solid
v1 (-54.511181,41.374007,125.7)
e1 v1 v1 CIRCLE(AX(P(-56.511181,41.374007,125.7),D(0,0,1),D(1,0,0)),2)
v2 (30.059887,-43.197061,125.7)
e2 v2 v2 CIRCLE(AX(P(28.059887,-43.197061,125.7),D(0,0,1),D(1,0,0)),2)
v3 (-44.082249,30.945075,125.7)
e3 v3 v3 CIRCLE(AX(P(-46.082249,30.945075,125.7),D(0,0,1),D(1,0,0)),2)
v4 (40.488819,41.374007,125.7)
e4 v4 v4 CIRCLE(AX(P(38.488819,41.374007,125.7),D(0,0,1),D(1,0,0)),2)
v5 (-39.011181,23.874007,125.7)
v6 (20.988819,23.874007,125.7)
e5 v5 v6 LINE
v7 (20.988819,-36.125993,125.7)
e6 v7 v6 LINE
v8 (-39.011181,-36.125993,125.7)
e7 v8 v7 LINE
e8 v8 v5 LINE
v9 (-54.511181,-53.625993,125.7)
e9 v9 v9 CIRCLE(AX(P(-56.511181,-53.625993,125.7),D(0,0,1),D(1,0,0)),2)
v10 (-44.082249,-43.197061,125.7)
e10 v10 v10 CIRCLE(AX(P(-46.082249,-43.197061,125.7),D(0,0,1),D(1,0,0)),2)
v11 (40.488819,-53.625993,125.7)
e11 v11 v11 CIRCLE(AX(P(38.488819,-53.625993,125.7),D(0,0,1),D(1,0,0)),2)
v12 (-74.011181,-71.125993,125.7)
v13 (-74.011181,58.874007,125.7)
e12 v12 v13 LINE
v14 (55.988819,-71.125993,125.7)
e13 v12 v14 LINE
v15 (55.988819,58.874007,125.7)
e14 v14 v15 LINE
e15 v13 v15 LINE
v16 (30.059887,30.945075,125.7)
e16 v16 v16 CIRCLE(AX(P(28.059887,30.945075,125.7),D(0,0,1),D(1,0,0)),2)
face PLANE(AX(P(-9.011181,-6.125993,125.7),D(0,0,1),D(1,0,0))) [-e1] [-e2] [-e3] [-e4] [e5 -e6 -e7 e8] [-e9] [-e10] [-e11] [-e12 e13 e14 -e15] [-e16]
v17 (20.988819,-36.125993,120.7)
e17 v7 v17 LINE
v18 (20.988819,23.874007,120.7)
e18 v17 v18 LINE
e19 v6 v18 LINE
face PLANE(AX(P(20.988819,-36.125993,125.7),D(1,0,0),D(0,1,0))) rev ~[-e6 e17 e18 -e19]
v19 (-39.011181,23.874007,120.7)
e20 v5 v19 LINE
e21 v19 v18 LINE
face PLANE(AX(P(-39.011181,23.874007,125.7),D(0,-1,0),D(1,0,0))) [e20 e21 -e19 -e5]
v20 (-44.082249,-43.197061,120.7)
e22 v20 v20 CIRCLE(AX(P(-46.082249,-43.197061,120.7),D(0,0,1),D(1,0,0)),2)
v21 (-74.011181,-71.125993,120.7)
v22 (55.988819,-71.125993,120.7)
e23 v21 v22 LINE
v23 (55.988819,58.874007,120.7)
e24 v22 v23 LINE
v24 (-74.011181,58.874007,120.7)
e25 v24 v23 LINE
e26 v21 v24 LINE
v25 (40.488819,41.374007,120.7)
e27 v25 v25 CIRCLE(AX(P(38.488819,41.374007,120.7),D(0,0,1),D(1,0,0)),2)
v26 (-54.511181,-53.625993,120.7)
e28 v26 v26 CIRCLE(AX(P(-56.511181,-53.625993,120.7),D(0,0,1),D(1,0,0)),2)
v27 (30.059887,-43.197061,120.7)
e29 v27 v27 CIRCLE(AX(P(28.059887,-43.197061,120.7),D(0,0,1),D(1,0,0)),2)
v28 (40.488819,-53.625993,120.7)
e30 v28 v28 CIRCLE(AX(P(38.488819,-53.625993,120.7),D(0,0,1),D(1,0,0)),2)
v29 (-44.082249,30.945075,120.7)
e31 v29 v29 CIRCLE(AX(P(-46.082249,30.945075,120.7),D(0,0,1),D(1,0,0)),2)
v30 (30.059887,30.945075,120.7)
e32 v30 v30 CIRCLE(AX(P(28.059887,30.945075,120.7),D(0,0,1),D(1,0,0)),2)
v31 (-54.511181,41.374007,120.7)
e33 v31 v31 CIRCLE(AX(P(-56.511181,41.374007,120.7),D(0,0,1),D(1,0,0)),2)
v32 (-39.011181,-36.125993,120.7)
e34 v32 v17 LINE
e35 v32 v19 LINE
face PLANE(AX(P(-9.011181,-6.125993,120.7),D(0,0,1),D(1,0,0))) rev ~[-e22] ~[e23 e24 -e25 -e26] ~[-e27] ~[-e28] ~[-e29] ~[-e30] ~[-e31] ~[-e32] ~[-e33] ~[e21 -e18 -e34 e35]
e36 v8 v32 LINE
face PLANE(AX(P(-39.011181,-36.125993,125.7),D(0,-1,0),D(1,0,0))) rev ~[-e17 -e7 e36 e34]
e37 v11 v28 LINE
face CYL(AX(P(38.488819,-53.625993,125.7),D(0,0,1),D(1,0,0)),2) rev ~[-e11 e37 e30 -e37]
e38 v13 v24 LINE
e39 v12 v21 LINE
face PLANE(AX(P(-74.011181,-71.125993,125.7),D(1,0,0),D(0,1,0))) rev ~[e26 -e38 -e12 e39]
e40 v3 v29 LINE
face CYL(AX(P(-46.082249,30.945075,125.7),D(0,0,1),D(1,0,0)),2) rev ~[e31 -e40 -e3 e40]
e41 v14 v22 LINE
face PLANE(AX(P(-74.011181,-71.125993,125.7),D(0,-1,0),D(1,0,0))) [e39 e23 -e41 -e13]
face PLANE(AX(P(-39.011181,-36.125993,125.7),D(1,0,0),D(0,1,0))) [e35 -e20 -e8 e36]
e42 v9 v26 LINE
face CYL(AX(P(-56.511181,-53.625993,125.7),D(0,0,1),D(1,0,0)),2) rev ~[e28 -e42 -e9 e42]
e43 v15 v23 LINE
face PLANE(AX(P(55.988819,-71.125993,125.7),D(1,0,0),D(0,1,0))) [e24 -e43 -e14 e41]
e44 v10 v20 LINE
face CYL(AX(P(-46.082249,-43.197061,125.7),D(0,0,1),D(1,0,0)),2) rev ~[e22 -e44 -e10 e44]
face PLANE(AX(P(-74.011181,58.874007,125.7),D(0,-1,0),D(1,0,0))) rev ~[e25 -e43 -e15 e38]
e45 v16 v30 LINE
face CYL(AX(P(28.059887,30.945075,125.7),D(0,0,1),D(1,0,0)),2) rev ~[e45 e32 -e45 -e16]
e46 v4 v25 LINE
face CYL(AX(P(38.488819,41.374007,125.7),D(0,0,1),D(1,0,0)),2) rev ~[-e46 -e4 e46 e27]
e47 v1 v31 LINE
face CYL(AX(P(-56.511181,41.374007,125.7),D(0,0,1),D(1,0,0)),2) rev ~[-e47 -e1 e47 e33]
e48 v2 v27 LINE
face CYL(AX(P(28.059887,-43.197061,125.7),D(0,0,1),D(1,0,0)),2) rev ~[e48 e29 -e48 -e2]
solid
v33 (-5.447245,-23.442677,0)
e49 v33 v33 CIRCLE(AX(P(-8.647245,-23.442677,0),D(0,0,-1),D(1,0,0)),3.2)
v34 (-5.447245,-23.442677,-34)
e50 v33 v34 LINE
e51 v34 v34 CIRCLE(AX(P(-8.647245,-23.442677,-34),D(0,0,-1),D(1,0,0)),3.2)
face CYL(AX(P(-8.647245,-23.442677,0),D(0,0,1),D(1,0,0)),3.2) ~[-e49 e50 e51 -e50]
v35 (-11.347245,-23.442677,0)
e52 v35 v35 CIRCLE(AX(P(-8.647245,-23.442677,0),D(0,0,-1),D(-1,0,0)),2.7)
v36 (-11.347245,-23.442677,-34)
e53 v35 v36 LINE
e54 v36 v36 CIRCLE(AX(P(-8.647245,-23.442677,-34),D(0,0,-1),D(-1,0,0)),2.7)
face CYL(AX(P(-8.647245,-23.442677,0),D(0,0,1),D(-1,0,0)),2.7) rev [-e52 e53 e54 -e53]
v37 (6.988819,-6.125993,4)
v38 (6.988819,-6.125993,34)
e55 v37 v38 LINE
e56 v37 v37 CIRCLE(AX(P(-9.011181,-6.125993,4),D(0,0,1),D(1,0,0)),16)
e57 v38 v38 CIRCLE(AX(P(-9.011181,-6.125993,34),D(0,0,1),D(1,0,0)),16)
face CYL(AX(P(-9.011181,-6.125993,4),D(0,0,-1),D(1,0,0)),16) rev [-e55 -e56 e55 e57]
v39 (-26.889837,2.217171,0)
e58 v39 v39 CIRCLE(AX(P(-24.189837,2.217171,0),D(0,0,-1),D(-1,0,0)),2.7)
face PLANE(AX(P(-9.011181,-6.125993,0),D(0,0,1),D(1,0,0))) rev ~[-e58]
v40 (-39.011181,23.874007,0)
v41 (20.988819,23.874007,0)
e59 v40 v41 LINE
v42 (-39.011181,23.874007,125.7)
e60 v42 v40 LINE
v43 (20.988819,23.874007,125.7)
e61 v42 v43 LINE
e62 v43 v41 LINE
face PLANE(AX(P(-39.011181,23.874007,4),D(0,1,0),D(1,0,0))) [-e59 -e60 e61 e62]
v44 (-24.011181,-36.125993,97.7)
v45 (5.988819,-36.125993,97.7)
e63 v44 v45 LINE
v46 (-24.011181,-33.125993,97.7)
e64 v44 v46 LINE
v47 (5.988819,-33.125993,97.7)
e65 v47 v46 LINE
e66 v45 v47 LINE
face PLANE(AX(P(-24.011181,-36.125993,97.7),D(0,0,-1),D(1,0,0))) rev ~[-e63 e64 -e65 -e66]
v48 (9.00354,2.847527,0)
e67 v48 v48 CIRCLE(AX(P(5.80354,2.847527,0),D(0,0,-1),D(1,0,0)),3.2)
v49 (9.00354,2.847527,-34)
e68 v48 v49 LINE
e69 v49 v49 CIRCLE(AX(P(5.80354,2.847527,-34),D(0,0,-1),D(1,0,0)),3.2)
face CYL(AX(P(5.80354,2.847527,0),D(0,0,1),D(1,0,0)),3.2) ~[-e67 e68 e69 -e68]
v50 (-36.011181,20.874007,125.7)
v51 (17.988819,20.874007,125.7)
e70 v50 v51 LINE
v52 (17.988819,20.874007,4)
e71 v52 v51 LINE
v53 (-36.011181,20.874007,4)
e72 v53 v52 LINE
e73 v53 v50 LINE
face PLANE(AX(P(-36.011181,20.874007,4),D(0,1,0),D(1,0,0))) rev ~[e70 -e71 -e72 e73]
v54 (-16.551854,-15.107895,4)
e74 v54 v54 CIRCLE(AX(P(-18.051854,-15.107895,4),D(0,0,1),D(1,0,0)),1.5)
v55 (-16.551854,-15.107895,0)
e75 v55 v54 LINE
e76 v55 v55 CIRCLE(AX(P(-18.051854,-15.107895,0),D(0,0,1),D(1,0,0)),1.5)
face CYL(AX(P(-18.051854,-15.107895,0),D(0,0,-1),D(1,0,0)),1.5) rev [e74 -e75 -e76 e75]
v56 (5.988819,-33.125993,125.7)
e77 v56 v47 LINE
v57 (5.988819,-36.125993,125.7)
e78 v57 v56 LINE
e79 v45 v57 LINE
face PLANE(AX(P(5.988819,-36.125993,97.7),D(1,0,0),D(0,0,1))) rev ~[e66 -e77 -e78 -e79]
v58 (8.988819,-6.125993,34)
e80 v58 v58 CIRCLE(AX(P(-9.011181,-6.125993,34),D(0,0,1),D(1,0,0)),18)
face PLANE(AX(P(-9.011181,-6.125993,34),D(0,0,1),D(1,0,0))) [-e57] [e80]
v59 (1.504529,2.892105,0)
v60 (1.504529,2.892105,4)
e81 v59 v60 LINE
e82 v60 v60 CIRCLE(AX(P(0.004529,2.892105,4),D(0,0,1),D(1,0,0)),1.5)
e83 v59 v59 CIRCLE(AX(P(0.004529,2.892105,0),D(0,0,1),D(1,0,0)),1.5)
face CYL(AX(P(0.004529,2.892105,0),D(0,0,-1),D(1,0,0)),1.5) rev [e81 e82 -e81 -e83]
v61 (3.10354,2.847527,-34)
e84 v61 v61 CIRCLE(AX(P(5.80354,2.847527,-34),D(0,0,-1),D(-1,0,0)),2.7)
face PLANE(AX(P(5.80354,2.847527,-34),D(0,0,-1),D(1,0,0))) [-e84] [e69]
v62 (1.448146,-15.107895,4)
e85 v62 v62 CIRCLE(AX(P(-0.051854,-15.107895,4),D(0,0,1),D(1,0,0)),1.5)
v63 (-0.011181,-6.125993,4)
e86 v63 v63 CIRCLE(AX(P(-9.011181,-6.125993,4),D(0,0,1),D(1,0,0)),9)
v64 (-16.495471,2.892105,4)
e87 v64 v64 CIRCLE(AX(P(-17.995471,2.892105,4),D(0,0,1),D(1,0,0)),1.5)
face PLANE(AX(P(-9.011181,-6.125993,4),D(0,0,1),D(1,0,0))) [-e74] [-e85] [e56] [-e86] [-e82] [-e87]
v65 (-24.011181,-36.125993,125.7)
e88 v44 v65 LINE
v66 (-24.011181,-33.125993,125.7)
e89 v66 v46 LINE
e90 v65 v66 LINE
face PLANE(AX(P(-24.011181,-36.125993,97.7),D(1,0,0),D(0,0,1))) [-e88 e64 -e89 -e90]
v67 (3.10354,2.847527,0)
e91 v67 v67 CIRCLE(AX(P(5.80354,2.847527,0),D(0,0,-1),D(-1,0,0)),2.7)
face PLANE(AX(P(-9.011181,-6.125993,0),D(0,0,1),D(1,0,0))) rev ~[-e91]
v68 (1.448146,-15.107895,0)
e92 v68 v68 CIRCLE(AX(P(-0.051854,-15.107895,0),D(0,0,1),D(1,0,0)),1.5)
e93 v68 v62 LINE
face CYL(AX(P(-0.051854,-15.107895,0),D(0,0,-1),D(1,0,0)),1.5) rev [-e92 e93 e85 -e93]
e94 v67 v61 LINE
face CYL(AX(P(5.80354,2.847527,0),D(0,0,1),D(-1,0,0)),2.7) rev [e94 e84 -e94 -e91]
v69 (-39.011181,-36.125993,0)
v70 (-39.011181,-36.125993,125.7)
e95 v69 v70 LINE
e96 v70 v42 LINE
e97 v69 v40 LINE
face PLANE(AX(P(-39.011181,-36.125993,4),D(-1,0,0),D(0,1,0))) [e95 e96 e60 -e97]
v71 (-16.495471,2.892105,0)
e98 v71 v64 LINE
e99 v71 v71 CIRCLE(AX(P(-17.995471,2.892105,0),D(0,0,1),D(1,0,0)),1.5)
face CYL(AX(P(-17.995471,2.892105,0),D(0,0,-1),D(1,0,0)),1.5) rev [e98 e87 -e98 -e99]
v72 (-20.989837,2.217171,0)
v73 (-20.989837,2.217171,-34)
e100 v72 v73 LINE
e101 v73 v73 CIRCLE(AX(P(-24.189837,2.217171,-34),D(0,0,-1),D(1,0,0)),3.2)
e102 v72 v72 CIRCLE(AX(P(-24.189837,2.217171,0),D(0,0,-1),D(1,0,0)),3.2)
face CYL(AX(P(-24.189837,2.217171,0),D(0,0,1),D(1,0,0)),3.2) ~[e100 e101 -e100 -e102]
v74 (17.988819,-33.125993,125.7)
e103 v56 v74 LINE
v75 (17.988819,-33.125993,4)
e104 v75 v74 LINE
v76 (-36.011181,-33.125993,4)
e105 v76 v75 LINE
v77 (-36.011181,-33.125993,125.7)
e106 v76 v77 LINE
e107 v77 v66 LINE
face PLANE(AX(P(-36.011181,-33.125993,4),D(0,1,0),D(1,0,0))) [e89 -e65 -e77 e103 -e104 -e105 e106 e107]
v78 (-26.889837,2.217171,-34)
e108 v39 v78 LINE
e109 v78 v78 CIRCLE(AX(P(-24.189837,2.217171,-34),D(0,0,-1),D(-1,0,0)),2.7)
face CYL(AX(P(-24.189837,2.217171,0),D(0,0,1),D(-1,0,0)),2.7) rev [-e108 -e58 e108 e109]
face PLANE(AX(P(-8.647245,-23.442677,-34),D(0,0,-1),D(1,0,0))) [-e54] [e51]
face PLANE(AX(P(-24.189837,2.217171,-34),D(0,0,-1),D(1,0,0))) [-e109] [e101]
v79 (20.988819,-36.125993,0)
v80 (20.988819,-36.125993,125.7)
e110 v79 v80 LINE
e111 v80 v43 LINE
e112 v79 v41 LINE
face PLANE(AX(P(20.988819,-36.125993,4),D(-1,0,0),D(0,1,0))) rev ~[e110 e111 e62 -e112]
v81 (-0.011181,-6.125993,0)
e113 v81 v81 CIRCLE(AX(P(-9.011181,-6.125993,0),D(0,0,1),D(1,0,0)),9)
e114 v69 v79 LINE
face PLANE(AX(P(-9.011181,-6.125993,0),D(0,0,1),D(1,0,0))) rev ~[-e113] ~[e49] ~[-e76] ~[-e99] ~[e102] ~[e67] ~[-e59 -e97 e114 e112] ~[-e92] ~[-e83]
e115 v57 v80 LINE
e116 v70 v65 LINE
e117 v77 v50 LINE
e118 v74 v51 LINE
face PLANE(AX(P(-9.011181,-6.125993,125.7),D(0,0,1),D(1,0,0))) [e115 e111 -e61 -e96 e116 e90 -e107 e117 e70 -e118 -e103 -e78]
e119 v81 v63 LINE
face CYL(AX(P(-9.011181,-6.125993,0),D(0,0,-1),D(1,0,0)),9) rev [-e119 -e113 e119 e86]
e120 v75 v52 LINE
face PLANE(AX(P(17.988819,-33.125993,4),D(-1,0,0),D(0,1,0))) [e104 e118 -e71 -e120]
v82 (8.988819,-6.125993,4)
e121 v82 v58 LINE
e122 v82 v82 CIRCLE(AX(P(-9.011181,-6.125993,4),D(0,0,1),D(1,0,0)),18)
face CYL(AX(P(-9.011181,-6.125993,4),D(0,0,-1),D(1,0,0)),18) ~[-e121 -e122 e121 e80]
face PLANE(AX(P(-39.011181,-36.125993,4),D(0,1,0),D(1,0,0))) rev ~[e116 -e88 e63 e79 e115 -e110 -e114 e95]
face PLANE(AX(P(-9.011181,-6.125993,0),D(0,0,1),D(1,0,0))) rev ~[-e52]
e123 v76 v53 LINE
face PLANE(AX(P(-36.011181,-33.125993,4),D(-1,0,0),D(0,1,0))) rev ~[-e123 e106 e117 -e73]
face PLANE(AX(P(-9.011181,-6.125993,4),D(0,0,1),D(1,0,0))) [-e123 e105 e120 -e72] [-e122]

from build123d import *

# Parameters (mm, degrees)
SKETCH1_W           = 60
SKETCH1_H           = 60
SKETCH1_R           = 9
SKETCH1_R_2         = 1.5
BOSS_EXTRUDE1_DEPTH = 4
SKETCH2_R           = 18
SKETCH2_R_2         = 16
BOSS_EXTRUDE2_DEPTH = 30
SKETCH4_R           = 3.2
SKETCH4_R_2         = 2.7
BOSS_EXTRUDE6_DEPTH = 34
SKETCH5_W           = 60
SKETCH5_H           = 60
SKETCH5_W_2         = 54
SKETCH5_H_2         = 54
BOSS_EXTRUDE7_DEPTH = 121.7
SKETCH7_W           = 30
SKETCH7_H           = 28
CUT_EXTRUDE1_DEPTH  = 30.7
SKETCH8_W           = 130
SKETCH8_H           = 130
SKETCH8_R           = 2
SKETCH8_W_2         = 60
SKETCH8_H_2         = 60
BOSS_EXTRUDE8_DEPTH = 5


with BuildPart() as part:
    # Sketch1 → Boss-Extrude1 (new body)
    with BuildSketch(Plane.XY):
        with Locations((-9.011180766, -6.125993037)):
            Rectangle(SKETCH1_W, SKETCH1_H)
        with Locations((-9.011180766, -6.125993037)):
            Circle(SKETCH1_R, mode=Mode.SUBTRACT)
        with Locations((-17.995470725, 2.892105033)):
            Circle(SKETCH1_R_2, mode=Mode.SUBTRACT)
        with Locations((-18.051854011, -15.107894967)):
            Circle(SKETCH1_R_2, mode=Mode.SUBTRACT)
        with Locations((0.004529275, 2.892105033)):
            Circle(SKETCH1_R_2, mode=Mode.SUBTRACT)
        with Locations((-0.051854011, -15.107894967)):
            Circle(SKETCH1_R_2, mode=Mode.SUBTRACT)
    extrude(amount=BOSS_EXTRUDE1_DEPTH)

    # Sketch2 → Boss-Extrude2 (add)
    with BuildSketch(Plane.XY.offset(4)):
        with Locations((-9.011180766, -6.125993037)):
            Circle(SKETCH2_R)
        with Locations((-9.011180766, -6.125993037)):
            Circle(SKETCH2_R_2, mode=Mode.SUBTRACT)
    extrude(amount=BOSS_EXTRUDE2_DEPTH)

    # Sketch4 → Boss-Extrude6 (add)
    # profile 1 of 3: a face of its own
    with BuildSketch(Plane(origin=(0, 0, 0), x_dir=(-1, 0, 0), z_dir=(0, 0, -1))):
        with Locations(Location((-5.803539584, 2.84752695, 0), (0, 0, 180))):
            Circle(SKETCH4_R)
        with Locations((-5.803539584, 2.84752695)):
            Circle(SKETCH4_R_2, mode=Mode.SUBTRACT)
    # profile 2 of 3: a face of its own
    with BuildSketch(Plane(origin=(0, 0, 0), x_dir=(-1, 0, 0), z_dir=(0, 0, -1))):
        with Locations(Location((24.189837211, 2.217171142, 0), (0, 0, 180))):
            Circle(SKETCH4_R)
        with Locations((24.189837211, 2.217171142)):
            Circle(SKETCH4_R_2, mode=Mode.SUBTRACT)
    # profile 3 of 3: a face of its own
    with BuildSketch(Plane(origin=(0, 0, 0), x_dir=(-1, 0, 0), z_dir=(0, 0, -1))):
        with Locations(Location((8.64724467, -23.442677204, 0), (0, 0, 180))):
            Circle(SKETCH4_R)
        with Locations((8.64724467, -23.442677204)):
            Circle(SKETCH4_R_2, mode=Mode.SUBTRACT)
    extrude(amount=BOSS_EXTRUDE6_DEPTH)

    # Sketch5 → Boss-Extrude7 (add)
    with BuildSketch(Plane.XY.offset(4)):
        with Locations((-9.011180766, -6.125993037)):
            Rectangle(SKETCH5_W, SKETCH5_H)
        with Locations((-9.011180766, -6.125993037)):
            Rectangle(SKETCH5_W_2, SKETCH5_H_2, mode=Mode.SUBTRACT)
    extrude(amount=BOSS_EXTRUDE7_DEPTH)

    # Sketch7 → Cut-Extrude1 (cut)
    with BuildSketch(Plane.XZ.offset(36.125993037)):
        with Locations((-9.011180766, 111.7)):
            Rectangle(SKETCH7_W, SKETCH7_H)
    extrude(amount=-CUT_EXTRUDE1_DEPTH, mode=Mode.SUBTRACT)


with BuildPart() as body_2:
    # Sketch8 → Boss-Extrude8 (new body)
    with BuildSketch(Plane.XY.offset(125.7)):
        with Locations((-9.011180766, -6.125993037)):
            Rectangle(SKETCH8_W, SKETCH8_H)
        with Locations((-56.511180766, 41.374006963)):
            Circle(SKETCH8_R, mode=Mode.SUBTRACT)
        with Locations((-46.082248578, 30.945074775)):
            Circle(SKETCH8_R, mode=Mode.SUBTRACT)
        with Locations((-9.011180766, -6.125993037)):
            Rectangle(SKETCH8_W_2, SKETCH8_H_2, mode=Mode.SUBTRACT)
        with Locations((28.059887046, -43.197060849)):
            Circle(SKETCH8_R, mode=Mode.SUBTRACT)
        with Locations((38.488819234, -53.625993037)):
            Circle(SKETCH8_R, mode=Mode.SUBTRACT)
        with Locations((-56.511180766, -53.625993037)):
            Circle(SKETCH8_R, mode=Mode.SUBTRACT)
        with Locations((-46.082248578, -43.197060849)):
            Circle(SKETCH8_R, mode=Mode.SUBTRACT)
        with Locations((28.059887046, 30.945074775)):
            Circle(SKETCH8_R, mode=Mode.SUBTRACT)
        with Locations((38.488819234, 41.374006963)):
            Circle(SKETCH8_R, mode=Mode.SUBTRACT)
    extrude(amount=-BOSS_EXTRUDE8_DEPTH)


solid = Compound([part.part, body_2.part])
